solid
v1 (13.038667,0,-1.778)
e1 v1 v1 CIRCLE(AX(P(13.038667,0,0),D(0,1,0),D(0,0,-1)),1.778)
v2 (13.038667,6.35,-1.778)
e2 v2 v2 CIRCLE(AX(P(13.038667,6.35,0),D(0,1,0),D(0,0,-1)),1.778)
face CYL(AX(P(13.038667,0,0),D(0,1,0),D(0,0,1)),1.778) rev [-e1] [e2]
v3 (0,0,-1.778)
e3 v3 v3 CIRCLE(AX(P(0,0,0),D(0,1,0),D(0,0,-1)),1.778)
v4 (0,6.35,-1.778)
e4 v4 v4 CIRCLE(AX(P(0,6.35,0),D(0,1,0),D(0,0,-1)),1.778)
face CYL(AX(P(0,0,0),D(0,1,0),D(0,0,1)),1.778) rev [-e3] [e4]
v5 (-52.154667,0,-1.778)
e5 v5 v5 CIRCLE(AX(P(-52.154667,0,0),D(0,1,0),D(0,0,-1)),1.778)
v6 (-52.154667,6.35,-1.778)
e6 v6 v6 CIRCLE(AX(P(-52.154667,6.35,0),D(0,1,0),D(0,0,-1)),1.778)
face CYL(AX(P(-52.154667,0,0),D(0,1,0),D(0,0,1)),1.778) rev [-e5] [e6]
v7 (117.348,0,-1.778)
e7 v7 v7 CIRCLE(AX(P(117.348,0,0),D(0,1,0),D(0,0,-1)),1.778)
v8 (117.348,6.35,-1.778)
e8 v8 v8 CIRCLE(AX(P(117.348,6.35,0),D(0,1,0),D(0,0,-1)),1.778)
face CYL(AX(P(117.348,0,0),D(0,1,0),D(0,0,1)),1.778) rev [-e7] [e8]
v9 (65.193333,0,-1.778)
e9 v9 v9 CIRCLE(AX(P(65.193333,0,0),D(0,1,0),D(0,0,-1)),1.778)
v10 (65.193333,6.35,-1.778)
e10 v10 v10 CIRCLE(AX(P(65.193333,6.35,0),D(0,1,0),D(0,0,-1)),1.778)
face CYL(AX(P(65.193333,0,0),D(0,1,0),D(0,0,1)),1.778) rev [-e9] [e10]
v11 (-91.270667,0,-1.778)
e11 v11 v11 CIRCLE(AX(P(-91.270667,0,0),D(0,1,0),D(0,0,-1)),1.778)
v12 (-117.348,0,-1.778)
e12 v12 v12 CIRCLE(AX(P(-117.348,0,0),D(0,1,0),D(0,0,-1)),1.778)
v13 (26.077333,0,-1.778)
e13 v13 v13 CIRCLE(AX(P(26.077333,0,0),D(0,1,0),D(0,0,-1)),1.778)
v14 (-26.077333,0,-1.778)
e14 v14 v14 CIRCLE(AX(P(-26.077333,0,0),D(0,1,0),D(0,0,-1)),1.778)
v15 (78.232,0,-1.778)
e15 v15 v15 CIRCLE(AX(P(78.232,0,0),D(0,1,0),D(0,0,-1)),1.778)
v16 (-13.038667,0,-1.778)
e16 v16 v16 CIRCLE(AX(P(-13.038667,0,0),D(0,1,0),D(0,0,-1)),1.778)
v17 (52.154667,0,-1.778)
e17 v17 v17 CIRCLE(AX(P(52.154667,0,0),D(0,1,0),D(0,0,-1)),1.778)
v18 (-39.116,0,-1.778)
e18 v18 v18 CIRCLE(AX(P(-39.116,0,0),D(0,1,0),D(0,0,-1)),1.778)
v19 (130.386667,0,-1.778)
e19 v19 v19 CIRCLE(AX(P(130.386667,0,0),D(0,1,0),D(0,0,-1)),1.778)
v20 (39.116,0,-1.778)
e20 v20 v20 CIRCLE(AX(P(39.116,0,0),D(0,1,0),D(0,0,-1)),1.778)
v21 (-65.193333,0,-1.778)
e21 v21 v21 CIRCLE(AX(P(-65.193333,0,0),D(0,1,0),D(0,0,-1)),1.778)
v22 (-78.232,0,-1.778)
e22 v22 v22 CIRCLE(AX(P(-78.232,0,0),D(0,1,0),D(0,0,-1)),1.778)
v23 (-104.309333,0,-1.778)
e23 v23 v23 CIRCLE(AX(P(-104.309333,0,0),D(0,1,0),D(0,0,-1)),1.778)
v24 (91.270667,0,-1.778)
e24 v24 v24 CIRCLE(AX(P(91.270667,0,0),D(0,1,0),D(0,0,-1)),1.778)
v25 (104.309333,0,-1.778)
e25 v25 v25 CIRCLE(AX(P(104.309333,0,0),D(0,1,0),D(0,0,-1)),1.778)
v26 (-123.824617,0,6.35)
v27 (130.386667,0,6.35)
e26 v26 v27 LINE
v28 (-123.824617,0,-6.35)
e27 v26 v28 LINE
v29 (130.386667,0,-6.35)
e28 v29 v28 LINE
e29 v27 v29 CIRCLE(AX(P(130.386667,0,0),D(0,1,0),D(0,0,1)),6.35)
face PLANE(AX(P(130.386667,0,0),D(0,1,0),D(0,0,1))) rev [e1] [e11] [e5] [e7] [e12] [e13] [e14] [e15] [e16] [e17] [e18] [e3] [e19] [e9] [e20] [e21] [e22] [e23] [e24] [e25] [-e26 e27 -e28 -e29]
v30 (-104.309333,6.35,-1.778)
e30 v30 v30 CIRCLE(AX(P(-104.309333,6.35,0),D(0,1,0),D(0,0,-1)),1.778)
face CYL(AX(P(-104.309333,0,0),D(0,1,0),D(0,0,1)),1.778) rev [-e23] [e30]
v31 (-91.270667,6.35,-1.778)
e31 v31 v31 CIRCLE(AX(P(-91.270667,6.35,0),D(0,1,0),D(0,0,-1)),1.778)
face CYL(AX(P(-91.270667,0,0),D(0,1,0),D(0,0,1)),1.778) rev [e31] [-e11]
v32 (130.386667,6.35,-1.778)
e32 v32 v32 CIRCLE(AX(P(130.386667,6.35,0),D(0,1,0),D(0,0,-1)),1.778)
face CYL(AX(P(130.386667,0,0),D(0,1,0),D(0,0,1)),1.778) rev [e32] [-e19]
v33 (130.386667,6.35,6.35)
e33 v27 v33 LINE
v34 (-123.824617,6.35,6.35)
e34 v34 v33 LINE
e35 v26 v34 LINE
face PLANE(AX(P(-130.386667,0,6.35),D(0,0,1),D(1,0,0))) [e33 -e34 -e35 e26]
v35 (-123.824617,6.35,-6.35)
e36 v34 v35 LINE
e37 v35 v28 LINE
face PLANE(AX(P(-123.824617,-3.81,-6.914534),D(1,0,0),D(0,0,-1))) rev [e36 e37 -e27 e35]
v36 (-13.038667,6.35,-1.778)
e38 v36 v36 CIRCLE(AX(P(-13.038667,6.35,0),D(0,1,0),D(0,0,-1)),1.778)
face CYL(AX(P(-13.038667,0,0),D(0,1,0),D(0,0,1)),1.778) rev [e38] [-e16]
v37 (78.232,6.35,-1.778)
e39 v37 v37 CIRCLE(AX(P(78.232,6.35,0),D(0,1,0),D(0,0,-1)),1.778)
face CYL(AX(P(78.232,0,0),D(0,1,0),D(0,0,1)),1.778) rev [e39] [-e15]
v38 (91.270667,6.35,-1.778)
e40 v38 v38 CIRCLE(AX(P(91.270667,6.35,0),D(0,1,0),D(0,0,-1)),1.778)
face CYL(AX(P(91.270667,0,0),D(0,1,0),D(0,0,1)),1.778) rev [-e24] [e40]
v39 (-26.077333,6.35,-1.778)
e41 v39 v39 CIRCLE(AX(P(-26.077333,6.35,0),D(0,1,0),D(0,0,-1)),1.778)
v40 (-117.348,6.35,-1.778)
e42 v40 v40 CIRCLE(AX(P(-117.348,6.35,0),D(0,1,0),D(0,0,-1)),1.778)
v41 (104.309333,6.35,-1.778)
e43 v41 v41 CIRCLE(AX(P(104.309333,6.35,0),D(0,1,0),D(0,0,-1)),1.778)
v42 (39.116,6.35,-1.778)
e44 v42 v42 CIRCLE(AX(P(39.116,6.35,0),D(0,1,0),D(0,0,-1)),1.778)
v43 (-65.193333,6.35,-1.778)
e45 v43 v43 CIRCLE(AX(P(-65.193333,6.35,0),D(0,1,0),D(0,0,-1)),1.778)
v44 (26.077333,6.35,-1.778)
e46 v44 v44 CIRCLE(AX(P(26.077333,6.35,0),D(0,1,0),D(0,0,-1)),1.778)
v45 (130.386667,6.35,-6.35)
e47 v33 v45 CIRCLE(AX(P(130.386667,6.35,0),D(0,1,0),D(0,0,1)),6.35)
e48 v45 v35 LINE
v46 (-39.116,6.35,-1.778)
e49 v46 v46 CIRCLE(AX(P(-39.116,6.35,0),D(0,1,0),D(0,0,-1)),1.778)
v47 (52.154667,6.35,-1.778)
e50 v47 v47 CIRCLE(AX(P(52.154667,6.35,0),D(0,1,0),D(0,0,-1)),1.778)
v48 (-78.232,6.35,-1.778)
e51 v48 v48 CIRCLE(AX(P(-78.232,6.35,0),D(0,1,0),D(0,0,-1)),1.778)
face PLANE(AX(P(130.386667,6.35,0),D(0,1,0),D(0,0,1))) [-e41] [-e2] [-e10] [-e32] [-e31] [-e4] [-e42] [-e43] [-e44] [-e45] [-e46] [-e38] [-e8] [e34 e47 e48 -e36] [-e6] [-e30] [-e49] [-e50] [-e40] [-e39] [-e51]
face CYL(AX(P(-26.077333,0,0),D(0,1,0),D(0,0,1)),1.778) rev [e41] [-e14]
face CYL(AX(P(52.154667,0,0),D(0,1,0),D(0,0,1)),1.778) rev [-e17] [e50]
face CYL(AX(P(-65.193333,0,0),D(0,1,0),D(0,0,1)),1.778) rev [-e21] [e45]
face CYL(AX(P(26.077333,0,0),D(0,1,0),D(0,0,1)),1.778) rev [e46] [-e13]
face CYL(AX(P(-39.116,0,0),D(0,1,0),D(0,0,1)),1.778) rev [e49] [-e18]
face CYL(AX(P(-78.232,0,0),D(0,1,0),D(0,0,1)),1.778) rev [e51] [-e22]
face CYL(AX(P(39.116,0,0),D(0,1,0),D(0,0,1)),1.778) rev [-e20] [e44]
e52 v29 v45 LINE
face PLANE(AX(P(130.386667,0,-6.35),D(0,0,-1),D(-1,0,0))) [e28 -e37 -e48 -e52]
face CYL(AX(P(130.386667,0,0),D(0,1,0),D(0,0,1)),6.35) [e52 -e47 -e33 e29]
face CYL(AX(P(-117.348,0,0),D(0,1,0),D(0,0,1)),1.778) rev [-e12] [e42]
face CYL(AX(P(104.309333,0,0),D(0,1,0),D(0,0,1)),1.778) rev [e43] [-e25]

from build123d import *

# Parameters (mm, degrees)
SKETCH1_R           = 1.778
BOSS_EXTRUDE1_DEPTH = 6.35
SKETCH2_W           = 19.47523672
SKETCH2_H           = 16.524840043
CUT_EXTRUDE1_DEPTH  = 10.16


with BuildPart() as part:
    # Sketch1 → Boss-Extrude1 (new body)
    with BuildSketch(Plane(origin=(0, 6.35, 0), x_dir=(1, 0, 0), z_dir=(0, 1, 0))):
        with BuildLine():
            Line((130.386666667, 6.35), (-130.386666667, 6.35))
            ThreePointArc((-130.386666667, 6.35), (-136.736666667, 0), (-130.386666667, -6.35))
            Line((-130.386666667, -6.35), (130.386666667, -6.35))
            ThreePointArc((130.386666667, -6.35), (136.736666667, 0), (130.386666667, 6.35))
        make_face()
        with Locations(Location((130.386666667, 0, 0), (0, 0, 90))):
            Circle(SKETCH1_R, mode=Mode.SUBTRACT)
        with Locations(Location((117.348, 0, 0), (0, 0, 90))):
            Circle(SKETCH1_R, mode=Mode.SUBTRACT)
        with Locations(Location((104.309333333, 0, 0), (0, 0, 90))):
            Circle(SKETCH1_R, mode=Mode.SUBTRACT)
        with Locations(Location((91.270666667, 0, 0), (0, 0, 90))):
            Circle(SKETCH1_R, mode=Mode.SUBTRACT)
        with Locations(Location((78.232, 0, 0), (0, 0, 90))):
            Circle(SKETCH1_R, mode=Mode.SUBTRACT)
        with Locations(Location((65.193333333, 0, 0), (0, 0, 90))):
            Circle(SKETCH1_R, mode=Mode.SUBTRACT)
        with Locations(Location((52.154666667, 0, 0), (0, 0, 90))):
            Circle(SKETCH1_R, mode=Mode.SUBTRACT)
        with Locations(Location((39.116, 0, 0), (0, 0, 90))):
            Circle(SKETCH1_R, mode=Mode.SUBTRACT)
        with Locations(Location((26.077333333, 0, 0), (0, 0, 90))):
            Circle(SKETCH1_R, mode=Mode.SUBTRACT)
        with Locations(Location((13.038666667, 0, 0), (0, 0, 90))):
            Circle(SKETCH1_R, mode=Mode.SUBTRACT)
        with Locations(Location((0, 0, 0), (0, 0, 90))):
            Circle(SKETCH1_R, mode=Mode.SUBTRACT)
        with Locations(Location((-13.038666667, 0, 0), (0, 0, 90))):
            Circle(SKETCH1_R, mode=Mode.SUBTRACT)
        with Locations(Location((-26.077333333, 0, 0), (0, 0, 90))):
            Circle(SKETCH1_R, mode=Mode.SUBTRACT)
        with Locations(Location((-39.116, 0, 0), (0, 0, 90))):
            Circle(SKETCH1_R, mode=Mode.SUBTRACT)
        with Locations(Location((-52.154666667, 0, 0), (0, 0, 90))):
            Circle(SKETCH1_R, mode=Mode.SUBTRACT)
        with Locations(Location((-65.193333333, 0, 0), (0, 0, 90))):
            Circle(SKETCH1_R, mode=Mode.SUBTRACT)
        with Locations(Location((-78.232, 0, 0), (0, 0, 90))):
            Circle(SKETCH1_R, mode=Mode.SUBTRACT)
        with Locations(Location((-91.270666667, 0, 0), (0, 0, 90))):
            Circle(SKETCH1_R, mode=Mode.SUBTRACT)
        with Locations(Location((-104.309333333, 0, 0), (0, 0, 90))):
            Circle(SKETCH1_R, mode=Mode.SUBTRACT)
        with Locations(Location((-117.348, 0, 0), (0, 0, 90))):
            Circle(SKETCH1_R, mode=Mode.SUBTRACT)
        with Locations(Location((-130.386666667, 0, 0), (0, 0, 90))):
            Circle(SKETCH1_R, mode=Mode.SUBTRACT)
    extrude(amount=-BOSS_EXTRUDE1_DEPTH)

    # Sketch2 → Cut-Extrude1 (cut)
    with BuildSketch(Plane(origin=(0, 6.35, 0), x_dir=(1, 0, 0), z_dir=(0, 1, 0))):
        with Locations((-133.562235071, -1.347885805)):
            Rectangle(SKETCH2_W, SKETCH2_H)
    extrude(amount=-CUT_EXTRUDE1_DEPTH, mode=Mode.SUBTRACT)


solid = part.part
